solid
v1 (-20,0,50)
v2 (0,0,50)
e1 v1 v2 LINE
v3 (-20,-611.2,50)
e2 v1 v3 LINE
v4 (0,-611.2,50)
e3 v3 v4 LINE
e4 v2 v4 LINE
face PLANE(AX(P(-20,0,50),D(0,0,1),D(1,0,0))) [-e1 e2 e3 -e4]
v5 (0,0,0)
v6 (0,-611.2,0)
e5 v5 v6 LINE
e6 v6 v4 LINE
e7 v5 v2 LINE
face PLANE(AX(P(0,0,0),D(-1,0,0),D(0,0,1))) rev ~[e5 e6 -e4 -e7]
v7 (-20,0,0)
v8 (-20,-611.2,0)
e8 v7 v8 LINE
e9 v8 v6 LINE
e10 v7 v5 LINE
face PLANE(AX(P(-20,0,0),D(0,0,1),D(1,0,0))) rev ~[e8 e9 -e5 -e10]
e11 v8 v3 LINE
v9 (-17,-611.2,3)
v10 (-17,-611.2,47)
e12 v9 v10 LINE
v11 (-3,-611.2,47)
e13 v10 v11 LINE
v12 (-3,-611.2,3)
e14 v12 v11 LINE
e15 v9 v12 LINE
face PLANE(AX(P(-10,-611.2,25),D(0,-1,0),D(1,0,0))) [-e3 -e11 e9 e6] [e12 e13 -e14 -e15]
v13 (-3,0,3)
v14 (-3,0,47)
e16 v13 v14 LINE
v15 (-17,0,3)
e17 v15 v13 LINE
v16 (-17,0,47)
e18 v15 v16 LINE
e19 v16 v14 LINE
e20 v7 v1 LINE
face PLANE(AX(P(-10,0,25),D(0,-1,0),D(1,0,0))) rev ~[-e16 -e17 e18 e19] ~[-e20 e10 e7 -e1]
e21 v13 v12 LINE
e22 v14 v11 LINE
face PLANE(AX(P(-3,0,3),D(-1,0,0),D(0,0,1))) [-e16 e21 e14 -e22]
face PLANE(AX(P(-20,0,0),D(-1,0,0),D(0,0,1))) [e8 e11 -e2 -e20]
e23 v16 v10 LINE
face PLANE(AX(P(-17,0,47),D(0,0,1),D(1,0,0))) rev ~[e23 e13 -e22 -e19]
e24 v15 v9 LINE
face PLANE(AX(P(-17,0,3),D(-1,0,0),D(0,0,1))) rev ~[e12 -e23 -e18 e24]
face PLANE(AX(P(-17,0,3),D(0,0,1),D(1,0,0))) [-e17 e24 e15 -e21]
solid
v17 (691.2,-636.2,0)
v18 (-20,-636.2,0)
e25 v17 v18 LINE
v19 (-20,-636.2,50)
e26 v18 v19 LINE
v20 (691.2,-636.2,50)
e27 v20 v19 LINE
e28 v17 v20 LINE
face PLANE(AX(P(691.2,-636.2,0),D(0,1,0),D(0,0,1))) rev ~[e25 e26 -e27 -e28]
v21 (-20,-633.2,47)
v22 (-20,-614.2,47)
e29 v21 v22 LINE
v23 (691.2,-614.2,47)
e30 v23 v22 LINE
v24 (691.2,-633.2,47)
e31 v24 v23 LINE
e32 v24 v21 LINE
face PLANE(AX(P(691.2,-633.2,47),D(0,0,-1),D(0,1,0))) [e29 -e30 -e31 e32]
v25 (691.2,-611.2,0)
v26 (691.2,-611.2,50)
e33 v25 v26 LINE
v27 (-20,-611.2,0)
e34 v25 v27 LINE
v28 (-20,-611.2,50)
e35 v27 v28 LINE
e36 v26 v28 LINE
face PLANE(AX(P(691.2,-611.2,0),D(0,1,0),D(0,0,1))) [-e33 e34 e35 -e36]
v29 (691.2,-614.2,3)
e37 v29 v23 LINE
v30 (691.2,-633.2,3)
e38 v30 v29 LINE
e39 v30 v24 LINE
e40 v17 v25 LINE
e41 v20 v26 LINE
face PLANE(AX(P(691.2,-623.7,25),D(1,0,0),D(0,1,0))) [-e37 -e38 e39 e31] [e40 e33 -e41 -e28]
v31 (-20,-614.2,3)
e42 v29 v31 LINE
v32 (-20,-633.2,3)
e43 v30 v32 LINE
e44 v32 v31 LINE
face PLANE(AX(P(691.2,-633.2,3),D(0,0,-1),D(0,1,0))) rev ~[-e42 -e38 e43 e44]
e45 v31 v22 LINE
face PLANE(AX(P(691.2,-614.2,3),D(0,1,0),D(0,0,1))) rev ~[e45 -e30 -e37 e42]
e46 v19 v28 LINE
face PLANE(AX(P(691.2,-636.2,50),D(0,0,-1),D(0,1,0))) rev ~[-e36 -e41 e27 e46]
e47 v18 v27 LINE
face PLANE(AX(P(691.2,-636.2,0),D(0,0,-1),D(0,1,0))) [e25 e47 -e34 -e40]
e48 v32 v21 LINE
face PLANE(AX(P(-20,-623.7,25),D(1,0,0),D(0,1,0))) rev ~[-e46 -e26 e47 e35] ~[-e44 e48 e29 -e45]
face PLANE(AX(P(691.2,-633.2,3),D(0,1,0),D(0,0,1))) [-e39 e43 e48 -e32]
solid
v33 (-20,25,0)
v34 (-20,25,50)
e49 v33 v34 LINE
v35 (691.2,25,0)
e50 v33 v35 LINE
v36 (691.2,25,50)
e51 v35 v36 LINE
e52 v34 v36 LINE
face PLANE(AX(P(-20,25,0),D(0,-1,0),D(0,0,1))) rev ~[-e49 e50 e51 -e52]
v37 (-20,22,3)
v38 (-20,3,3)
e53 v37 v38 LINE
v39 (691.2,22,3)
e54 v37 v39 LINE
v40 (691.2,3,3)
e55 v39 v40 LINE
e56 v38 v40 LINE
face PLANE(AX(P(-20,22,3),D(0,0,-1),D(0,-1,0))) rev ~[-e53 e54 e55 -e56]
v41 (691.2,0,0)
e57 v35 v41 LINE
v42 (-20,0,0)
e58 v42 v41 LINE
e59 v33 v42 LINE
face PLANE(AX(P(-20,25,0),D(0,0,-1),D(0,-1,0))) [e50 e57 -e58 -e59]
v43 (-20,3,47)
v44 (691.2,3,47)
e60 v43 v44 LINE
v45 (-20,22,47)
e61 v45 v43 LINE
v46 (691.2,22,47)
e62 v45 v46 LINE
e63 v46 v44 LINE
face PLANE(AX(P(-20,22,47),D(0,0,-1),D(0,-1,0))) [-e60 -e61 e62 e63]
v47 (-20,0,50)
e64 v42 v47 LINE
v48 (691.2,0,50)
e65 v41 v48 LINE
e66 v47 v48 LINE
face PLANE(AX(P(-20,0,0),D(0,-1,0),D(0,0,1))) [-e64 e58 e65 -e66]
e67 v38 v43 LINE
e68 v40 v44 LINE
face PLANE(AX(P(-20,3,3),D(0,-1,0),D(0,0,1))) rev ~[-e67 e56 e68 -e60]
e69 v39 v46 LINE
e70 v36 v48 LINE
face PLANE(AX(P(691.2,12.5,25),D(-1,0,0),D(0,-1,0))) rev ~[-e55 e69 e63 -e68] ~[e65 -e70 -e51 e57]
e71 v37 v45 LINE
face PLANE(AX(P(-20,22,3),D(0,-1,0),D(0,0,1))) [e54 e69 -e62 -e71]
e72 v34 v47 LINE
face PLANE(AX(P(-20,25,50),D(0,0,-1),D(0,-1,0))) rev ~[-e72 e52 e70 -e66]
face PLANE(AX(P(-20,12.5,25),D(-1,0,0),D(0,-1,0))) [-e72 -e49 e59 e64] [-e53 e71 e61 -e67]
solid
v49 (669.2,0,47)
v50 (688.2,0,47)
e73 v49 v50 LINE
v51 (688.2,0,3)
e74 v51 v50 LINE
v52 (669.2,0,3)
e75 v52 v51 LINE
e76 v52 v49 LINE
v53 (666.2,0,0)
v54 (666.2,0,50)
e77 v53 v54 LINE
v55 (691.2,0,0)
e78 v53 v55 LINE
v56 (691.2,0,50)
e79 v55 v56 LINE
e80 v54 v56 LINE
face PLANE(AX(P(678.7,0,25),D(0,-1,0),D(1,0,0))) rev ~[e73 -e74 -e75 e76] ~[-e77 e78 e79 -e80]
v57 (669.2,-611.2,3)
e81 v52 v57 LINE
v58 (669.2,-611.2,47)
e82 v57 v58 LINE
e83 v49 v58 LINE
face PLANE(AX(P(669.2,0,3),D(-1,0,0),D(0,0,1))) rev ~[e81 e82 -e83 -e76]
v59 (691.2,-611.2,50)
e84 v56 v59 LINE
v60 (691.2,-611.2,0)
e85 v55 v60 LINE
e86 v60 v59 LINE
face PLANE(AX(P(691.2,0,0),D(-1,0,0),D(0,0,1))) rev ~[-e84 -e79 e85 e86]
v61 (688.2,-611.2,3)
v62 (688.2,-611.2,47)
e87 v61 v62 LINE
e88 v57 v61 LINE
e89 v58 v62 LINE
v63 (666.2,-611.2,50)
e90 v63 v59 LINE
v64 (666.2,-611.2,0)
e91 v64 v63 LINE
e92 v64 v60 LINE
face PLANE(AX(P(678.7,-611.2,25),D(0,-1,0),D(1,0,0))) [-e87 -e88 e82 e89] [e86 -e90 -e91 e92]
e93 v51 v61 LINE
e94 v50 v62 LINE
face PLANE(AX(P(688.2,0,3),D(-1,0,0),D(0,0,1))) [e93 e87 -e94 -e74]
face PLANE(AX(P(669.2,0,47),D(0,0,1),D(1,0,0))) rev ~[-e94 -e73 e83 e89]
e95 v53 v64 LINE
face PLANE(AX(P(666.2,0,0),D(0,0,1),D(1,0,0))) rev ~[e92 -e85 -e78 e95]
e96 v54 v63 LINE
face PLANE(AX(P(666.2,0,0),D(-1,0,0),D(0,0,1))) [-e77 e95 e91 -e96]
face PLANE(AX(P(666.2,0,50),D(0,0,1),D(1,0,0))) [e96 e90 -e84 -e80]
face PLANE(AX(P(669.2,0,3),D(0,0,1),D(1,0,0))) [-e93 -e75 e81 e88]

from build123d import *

# Parameters (mm, degrees)
F0_W     = 20
F0_H     = 50
F0_W_2   = 14
F0_H_2   = 44
F1_DEPTH = 611.2
F3_W     = 25
F3_H     = 50
F3_W_2   = 19
F3_H_2   = 44
F4_DEPTH = 711.2
F5_W     = 25
F5_H     = 50
F5_W_2   = 19
F5_H_2   = 44
F6_DEPTH = 611.2
F7_W     = 25
F7_H     = 50
F7_W_2   = 19
F7_H_2   = 44
F8_DEPTH = 711.2


with BuildPart() as f1:
    # F0 (on Front) → F1 (new body)
    with BuildSketch(Plane.XZ):
        with Locations((-10, 25)):
            Rectangle(F0_W, F0_H)
        with Locations((-10, 25)):
            Rectangle(F0_W_2, F0_H_2, mode=Mode.SUBTRACT)
    extrude(amount=F1_DEPTH)


with BuildPart() as f2_1:
    # F2: copy of F1
    add(f1.part)


with BuildPart() as f4:
    # F3 (on face) → F4 (new body)
    with BuildSketch(Plane(origin=(-20, 0, 0), x_dir=(0, -1, 0), z_dir=(-1, 0, 0))):
        with Locations((-12.5, 25)):
            Rectangle(F3_W, F3_H)
        with Locations((-12.5, 25)):
            Rectangle(F3_W_2, F3_H_2, mode=Mode.SUBTRACT)
    extrude(amount=-F4_DEPTH)


with BuildPart() as f6:
    # F5 (on face) → F6 (new body)
    with BuildSketch(Plane.XZ):
        with Locations((678.7, 25)):
            Rectangle(F5_W, F5_H)
        with Locations((678.7, 25)):
            Rectangle(F5_W_2, F5_H_2, mode=Mode.SUBTRACT)
    extrude(amount=F6_DEPTH)


with BuildPart() as f8:
    # F7 (on face) → F8 (new body)
    with BuildSketch(Plane.YZ.offset(691.2)):
        with Locations((-623.7, 25)):
            Rectangle(F7_W, F7_H)
        with Locations((-623.7, 25)):
            Rectangle(F7_W_2, F7_H_2, mode=Mode.SUBTRACT)
    extrude(amount=-F8_DEPTH)


solid = Compound([f1.part, f4.part, f6.part, f8.part])
